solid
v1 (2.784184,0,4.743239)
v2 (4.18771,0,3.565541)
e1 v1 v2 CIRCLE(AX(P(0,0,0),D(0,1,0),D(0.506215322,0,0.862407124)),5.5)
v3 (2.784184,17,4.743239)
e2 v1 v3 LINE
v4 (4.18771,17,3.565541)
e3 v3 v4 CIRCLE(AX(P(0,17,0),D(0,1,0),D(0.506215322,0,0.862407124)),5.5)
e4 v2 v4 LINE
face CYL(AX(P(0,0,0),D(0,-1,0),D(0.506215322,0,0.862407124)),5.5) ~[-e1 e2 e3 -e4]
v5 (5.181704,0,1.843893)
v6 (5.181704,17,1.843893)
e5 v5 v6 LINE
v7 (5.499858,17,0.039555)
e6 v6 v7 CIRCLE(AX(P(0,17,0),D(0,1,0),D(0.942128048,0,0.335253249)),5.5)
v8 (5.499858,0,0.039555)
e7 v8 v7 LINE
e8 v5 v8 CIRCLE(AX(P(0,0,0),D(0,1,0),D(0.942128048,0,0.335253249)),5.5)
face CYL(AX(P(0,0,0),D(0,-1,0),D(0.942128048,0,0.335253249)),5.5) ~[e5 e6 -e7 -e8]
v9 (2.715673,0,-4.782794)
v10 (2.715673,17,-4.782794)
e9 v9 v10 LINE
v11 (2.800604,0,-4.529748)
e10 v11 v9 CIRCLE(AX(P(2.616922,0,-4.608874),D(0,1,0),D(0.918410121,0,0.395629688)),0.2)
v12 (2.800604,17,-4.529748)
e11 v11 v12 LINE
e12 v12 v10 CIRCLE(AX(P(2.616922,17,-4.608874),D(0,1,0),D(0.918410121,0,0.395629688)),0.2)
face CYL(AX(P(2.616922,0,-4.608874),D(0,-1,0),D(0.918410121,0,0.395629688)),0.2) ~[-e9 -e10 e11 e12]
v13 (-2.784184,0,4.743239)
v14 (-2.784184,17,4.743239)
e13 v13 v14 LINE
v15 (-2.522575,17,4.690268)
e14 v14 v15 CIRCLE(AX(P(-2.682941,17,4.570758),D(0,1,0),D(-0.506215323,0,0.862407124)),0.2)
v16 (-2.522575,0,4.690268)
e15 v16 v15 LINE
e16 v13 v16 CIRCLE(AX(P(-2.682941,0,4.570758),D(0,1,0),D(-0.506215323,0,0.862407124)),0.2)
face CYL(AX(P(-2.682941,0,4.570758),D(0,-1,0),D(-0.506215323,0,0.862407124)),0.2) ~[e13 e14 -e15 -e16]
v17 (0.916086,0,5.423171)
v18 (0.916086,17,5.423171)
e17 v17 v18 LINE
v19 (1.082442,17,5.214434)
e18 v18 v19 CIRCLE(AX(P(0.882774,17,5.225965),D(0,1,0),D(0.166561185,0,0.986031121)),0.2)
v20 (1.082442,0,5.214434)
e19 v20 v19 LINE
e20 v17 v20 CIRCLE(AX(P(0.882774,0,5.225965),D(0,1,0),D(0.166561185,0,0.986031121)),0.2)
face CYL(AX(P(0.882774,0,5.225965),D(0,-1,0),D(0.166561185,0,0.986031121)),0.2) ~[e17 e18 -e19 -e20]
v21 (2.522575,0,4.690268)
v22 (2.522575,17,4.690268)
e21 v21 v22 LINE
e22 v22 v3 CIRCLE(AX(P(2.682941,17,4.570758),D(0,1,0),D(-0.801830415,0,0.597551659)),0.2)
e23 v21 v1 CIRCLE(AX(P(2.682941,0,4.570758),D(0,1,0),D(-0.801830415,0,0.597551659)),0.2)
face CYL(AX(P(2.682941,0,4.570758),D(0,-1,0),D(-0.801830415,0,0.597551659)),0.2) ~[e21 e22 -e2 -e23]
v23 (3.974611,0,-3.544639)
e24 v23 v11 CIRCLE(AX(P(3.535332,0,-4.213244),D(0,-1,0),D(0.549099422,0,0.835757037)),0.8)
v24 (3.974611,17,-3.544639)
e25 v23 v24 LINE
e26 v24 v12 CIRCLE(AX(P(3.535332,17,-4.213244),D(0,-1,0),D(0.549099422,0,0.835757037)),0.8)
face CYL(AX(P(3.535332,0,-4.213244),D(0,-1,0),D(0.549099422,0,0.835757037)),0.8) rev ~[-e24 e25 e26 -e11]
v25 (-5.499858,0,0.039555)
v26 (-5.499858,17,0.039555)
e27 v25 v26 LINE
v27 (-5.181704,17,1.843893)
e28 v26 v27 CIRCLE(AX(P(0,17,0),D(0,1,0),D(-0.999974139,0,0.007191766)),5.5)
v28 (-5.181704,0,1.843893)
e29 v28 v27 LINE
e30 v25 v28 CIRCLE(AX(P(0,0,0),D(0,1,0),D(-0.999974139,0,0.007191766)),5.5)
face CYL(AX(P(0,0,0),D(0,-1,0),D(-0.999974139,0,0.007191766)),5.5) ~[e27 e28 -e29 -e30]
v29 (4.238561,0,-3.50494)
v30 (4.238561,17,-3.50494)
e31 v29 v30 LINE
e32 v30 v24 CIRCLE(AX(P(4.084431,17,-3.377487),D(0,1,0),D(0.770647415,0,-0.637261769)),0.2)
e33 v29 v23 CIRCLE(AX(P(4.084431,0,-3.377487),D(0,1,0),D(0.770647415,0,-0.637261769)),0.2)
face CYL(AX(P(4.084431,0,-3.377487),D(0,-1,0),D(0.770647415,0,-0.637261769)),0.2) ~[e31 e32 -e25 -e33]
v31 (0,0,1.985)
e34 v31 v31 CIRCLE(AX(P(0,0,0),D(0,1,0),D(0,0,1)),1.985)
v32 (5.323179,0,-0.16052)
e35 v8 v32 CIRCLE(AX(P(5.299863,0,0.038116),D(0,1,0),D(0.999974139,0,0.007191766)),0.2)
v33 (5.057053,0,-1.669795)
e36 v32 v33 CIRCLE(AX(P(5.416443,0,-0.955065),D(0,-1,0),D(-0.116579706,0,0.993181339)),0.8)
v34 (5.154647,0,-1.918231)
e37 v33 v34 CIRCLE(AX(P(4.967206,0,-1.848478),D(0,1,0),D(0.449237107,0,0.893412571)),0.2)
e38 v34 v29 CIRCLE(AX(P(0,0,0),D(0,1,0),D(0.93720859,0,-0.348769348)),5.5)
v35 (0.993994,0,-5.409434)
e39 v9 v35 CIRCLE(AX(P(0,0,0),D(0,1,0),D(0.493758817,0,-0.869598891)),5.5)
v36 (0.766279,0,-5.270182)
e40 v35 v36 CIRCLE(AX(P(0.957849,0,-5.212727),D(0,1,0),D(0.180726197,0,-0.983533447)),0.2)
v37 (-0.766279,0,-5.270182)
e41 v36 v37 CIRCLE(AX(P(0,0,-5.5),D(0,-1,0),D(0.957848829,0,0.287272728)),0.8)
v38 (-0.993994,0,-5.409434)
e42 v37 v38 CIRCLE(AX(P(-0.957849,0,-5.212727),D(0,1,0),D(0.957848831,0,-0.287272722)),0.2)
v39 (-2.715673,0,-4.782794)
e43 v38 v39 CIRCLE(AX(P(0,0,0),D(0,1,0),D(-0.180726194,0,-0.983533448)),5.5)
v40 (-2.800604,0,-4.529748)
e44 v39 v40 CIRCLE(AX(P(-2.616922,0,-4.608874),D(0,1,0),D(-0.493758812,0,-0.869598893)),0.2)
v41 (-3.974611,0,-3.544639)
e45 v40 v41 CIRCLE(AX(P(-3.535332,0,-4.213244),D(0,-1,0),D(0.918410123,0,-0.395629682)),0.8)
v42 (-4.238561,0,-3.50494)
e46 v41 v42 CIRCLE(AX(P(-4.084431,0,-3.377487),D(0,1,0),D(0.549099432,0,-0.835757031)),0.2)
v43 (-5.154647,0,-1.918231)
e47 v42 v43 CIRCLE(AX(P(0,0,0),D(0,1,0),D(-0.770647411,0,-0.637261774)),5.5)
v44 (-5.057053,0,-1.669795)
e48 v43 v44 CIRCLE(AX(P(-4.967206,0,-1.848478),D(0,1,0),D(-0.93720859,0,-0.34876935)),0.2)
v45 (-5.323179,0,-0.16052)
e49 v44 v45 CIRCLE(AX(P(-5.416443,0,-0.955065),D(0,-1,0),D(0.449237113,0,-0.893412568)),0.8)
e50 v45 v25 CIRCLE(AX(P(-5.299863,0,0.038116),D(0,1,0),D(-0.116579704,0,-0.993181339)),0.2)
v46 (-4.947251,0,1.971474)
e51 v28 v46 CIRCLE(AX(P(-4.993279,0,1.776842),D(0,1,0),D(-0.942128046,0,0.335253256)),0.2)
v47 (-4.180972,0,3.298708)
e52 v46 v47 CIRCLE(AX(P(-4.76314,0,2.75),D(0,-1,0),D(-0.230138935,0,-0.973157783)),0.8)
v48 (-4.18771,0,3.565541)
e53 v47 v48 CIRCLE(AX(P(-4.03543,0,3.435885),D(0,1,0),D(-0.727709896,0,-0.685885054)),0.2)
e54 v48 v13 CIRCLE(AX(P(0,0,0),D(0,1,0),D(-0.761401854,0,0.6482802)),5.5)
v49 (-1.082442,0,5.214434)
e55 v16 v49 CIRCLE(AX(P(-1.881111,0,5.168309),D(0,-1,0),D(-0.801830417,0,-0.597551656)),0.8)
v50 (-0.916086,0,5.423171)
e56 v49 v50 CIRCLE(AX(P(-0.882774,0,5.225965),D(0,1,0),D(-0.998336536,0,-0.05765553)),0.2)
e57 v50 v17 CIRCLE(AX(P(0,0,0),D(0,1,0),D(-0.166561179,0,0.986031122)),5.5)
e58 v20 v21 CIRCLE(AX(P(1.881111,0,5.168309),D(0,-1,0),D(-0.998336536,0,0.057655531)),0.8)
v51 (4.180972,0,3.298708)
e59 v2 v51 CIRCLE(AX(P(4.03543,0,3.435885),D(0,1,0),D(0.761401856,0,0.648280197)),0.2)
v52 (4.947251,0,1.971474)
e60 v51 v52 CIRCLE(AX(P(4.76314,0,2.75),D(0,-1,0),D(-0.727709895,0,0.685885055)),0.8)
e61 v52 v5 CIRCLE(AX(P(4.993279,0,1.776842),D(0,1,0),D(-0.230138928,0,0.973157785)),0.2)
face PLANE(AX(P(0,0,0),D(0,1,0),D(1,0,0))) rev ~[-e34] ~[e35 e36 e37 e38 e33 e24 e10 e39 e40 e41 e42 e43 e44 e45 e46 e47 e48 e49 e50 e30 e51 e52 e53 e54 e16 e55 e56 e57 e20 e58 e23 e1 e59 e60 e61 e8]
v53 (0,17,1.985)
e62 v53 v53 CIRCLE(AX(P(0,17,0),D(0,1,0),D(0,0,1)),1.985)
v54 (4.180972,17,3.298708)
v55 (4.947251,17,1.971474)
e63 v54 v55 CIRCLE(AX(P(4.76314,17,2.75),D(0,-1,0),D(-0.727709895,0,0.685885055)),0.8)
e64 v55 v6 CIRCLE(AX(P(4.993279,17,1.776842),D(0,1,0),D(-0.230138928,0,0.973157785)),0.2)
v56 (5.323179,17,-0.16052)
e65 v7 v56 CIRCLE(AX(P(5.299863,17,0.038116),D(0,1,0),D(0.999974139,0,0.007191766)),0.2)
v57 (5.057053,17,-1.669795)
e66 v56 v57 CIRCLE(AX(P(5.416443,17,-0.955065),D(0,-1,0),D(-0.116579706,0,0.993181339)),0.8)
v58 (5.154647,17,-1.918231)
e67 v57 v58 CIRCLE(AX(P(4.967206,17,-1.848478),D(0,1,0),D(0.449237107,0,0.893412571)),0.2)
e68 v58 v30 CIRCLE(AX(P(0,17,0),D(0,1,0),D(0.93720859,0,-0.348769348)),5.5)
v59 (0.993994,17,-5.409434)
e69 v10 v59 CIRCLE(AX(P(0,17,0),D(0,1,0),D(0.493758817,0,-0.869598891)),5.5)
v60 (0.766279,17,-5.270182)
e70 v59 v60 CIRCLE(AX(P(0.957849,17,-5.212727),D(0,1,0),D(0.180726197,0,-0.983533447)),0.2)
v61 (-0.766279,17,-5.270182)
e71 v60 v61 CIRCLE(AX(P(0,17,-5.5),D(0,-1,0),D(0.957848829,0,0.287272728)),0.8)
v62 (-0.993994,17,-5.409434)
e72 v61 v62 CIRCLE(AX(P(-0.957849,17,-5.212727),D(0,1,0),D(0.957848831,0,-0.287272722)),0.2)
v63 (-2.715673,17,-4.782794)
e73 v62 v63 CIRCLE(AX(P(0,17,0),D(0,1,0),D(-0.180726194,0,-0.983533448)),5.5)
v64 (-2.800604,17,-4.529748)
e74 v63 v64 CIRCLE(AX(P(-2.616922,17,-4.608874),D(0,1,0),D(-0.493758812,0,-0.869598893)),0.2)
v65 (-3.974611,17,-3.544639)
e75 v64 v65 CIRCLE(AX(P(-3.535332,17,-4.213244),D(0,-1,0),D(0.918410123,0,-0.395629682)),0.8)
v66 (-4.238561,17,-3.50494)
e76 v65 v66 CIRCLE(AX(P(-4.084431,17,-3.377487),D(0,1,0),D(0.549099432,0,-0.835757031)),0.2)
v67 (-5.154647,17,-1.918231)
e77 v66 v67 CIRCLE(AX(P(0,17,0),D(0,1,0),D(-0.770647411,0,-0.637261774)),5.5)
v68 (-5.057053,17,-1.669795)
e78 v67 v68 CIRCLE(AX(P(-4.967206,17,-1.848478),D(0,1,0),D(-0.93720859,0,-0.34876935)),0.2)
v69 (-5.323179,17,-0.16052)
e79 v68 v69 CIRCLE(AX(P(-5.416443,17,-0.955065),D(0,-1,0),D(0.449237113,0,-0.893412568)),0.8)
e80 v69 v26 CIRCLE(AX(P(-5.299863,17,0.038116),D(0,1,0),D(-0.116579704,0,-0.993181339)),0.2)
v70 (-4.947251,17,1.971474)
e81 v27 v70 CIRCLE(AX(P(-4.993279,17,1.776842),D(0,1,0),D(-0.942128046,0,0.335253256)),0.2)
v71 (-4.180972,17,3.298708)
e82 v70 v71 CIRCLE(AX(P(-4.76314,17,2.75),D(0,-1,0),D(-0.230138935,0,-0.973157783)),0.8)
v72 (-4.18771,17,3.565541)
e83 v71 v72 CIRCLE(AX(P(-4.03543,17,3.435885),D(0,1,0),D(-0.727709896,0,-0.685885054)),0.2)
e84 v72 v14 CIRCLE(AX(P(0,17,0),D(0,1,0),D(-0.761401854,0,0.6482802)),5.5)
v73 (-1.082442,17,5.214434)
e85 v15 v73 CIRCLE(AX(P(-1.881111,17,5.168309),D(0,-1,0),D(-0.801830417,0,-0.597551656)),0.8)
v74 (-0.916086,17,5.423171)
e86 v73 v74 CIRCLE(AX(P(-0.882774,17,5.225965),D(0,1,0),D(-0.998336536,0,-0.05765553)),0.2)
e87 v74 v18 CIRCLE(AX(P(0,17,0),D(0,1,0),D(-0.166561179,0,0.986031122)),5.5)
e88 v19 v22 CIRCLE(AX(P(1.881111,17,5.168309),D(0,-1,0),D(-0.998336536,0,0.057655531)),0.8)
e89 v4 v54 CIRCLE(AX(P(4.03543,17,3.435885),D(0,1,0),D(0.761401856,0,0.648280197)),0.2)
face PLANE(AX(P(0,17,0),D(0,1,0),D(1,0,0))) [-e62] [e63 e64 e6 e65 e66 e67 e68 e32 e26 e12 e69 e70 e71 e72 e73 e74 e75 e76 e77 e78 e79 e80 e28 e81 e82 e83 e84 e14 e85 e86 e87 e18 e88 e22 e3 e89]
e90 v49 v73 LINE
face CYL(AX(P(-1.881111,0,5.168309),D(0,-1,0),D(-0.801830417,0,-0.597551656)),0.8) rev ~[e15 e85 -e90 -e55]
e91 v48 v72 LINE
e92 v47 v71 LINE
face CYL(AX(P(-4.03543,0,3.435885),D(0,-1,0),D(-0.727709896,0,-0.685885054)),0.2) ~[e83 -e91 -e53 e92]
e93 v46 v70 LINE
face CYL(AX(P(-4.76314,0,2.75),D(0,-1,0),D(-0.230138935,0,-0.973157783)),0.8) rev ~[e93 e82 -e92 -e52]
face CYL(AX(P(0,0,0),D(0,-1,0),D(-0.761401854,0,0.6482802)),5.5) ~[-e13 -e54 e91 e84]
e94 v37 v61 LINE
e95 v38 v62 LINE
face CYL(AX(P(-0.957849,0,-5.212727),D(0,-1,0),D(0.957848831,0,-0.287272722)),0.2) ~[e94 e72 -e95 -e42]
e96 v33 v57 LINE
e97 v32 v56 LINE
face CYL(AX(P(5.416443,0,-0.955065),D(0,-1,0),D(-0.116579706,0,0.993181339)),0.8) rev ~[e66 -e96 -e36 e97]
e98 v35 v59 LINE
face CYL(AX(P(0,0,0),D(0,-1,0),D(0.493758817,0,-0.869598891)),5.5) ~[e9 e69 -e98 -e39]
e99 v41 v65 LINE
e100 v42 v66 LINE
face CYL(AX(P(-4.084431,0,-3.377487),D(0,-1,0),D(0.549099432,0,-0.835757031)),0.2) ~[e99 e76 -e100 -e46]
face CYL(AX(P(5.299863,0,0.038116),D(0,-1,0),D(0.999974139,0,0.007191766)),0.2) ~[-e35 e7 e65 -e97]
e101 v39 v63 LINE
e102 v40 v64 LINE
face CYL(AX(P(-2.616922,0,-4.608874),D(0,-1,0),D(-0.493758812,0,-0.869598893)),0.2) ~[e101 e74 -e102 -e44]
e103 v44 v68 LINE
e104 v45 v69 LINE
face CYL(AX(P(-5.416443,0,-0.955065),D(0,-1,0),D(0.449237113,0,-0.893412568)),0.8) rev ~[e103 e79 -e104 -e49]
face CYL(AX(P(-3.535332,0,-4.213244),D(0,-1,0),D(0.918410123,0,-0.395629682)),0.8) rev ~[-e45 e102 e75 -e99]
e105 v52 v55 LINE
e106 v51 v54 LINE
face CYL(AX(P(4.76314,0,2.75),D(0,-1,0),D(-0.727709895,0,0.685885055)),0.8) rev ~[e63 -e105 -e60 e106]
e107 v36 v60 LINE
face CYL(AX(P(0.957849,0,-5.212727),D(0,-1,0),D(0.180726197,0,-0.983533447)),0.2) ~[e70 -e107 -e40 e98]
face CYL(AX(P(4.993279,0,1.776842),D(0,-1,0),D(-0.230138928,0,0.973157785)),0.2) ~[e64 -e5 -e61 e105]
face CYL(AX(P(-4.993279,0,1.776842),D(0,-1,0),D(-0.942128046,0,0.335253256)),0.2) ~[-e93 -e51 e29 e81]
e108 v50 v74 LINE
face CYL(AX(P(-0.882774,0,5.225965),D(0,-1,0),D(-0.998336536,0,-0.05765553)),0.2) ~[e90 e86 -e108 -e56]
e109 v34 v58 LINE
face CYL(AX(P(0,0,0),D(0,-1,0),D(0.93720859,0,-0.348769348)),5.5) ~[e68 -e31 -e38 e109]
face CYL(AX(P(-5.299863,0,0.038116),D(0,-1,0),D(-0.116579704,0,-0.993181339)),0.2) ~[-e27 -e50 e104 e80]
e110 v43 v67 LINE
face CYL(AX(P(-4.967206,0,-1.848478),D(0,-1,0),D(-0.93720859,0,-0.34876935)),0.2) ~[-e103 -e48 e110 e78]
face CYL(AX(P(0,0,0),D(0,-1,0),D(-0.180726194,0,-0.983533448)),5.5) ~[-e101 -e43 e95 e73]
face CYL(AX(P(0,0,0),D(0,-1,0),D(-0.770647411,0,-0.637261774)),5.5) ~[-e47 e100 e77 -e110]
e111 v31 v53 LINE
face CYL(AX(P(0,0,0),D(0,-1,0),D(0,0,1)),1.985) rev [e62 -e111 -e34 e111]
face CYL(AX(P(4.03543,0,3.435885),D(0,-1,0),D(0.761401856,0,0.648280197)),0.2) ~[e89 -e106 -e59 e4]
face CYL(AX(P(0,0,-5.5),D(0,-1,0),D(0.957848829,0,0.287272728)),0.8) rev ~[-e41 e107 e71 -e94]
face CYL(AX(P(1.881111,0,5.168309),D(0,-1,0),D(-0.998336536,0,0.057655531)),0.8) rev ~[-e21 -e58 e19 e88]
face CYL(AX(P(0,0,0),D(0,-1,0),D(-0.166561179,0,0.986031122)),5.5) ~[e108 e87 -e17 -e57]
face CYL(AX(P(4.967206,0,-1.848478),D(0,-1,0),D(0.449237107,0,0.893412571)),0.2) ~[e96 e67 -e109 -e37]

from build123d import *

# Parameters (mm, degrees)
SKETCH1_R           = 1.985
BOSS_EXTRUDE1_DEPTH = 17


with BuildPart() as part:
    # Sketch1 → Boss-Extrude1 (new body)
    with BuildSketch(Plane(origin=(0, 0, 0), x_dir=(1, 0, 0), z_dir=(0, 1, 0))):
        with BuildLine():
            ThreePointArc((-0.993994068, 5.409433962), (-1.881110788, 5.168309414), (-2.715673494, 4.782793898))
            ThreePointArc((-2.715673494, 4.782793898), (-2.806527228, 4.672511809), (-2.800603755, 4.529748184))
            ThreePointArc((-2.800603755, 4.529748184), (-3.021101766, 3.600408883), (-3.974611392, 3.544638808))
            ThreePointArc((-3.974611392, 3.544638808), (-4.114177517, 3.575262934), (-4.238560759, 3.504939756))
            ThreePointArc((-4.238560759, 3.504939756), (-4.763139721, 2.75), (-5.154647247, 1.918231415))
            ThreePointArc((-5.154647247, 1.918231415), (-5.153357284, 1.775350778), (-5.057052951, 1.669795032))
            ThreePointArc((-5.057052951, 1.669795032), (-4.628596439, 0.816146435), (-5.323178877, 0.160519906))
            ThreePointArc((-5.323178877, 0.160519906), (-5.44977754, 0.094267971), (-5.499857764, -0.039554715))
            ThreePointArc((-5.499857764, -0.039554715), (-5.416442642, -0.955064977), (-5.181704266, -1.843892867))
            ThreePointArc((-5.181704266, -1.843892867), (-5.088874194, -1.952516612), (-4.947250869, -1.971473774))
            ThreePointArc((-4.947250869, -1.971473774), (-4.070319398, -2.35), (-4.180971805, -3.298708045))
            ThreePointArc((-4.180971805, -3.298708045), (-4.235366084, -3.430836023), (-4.187710197, -3.565541096))
            ThreePointArc((-4.187710197, -3.565541096), (-3.535331853, -4.213244437), (-2.78418427, -4.743239183))
            ThreePointArc((-2.78418427, -4.743239183), (-2.643250312, -4.76677978), (-2.522575122, -4.69026809))
            ThreePointArc((-2.522575122, -4.69026809), (-1.607494674, -4.416555318), (-1.082441559, -5.21443384))
            ThreePointArc((-1.082441559, -5.21443384), (-1.039179767, -5.350613712), (-0.916086488, -5.423171171))
            ThreePointArc((-0.916086488, -5.423171171), (0, -5.5), (0.916086488, -5.423171171))
            ThreePointArc((0.916086488, -5.423171171), (1.039179767, -5.350613712), (1.082441559, -5.21443384))
            ThreePointArc((1.082441559, -5.21443384), (1.607494674, -4.416555318), (2.522575122, -4.69026809))
            ThreePointArc((2.522575122, -4.69026809), (2.643250312, -4.76677978), (2.78418427, -4.743239183))
            ThreePointArc((2.78418427, -4.743239183), (3.535331853, -4.213244437), (4.187710197, -3.565541096))
            ThreePointArc((4.187710197, -3.565541096), (4.235366084, -3.430836023), (4.180971805, -3.298708045))
            ThreePointArc((4.180971805, -3.298708045), (4.070319398, -2.35), (4.947250869, -1.971473774))
            ThreePointArc((4.947250869, -1.971473774), (5.088874194, -1.952516612), (5.181704266, -1.843892867))
            ThreePointArc((5.181704266, -1.843892867), (5.416442642, -0.955064977), (5.499857764, -0.039554715))
            ThreePointArc((5.499857764, -0.039554715), (5.44977754, 0.094267971), (5.323178877, 0.160519906))
            ThreePointArc((5.323178877, 0.160519906), (4.628596439, 0.816146435), (5.057052951, 1.669795032))
            ThreePointArc((5.057052951, 1.669795032), (5.153357284, 1.775350778), (5.154647247, 1.918231415))
            ThreePointArc((5.154647247, 1.918231415), (4.763139721, 2.75), (4.238560759, 3.504939756))
            ThreePointArc((4.238560759, 3.504939756), (4.114177517, 3.575262934), (3.974611392, 3.544638808))
            ThreePointArc((3.974611392, 3.544638808), (3.021101766, 3.600408883), (2.800603755, 4.529748184))
            ThreePointArc((2.800603755, 4.529748184), (2.806527228, 4.672511809), (2.715673494, 4.782793898))
            ThreePointArc((2.715673494, 4.782793898), (1.881110788, 5.168309414), (0.993994068, 5.409433962))
            ThreePointArc((0.993994068, 5.409433962), (0.85350811, 5.383352635), (0.766279064, 5.270181818))
            ThreePointArc((0.766279064, 5.270181818), (0, 4.7), (-0.766279064, 5.270181818))
            ThreePointArc((-0.766279064, 5.270181818), (-0.85350811, 5.383352635), (-0.993994068, 5.409433962))
        make_face()
        with Locations(Location((0, 0, 0), (0, 0, 270))):
            Circle(SKETCH1_R, mode=Mode.SUBTRACT)
    extrude(amount=BOSS_EXTRUDE1_DEPTH)


solid = part.part
